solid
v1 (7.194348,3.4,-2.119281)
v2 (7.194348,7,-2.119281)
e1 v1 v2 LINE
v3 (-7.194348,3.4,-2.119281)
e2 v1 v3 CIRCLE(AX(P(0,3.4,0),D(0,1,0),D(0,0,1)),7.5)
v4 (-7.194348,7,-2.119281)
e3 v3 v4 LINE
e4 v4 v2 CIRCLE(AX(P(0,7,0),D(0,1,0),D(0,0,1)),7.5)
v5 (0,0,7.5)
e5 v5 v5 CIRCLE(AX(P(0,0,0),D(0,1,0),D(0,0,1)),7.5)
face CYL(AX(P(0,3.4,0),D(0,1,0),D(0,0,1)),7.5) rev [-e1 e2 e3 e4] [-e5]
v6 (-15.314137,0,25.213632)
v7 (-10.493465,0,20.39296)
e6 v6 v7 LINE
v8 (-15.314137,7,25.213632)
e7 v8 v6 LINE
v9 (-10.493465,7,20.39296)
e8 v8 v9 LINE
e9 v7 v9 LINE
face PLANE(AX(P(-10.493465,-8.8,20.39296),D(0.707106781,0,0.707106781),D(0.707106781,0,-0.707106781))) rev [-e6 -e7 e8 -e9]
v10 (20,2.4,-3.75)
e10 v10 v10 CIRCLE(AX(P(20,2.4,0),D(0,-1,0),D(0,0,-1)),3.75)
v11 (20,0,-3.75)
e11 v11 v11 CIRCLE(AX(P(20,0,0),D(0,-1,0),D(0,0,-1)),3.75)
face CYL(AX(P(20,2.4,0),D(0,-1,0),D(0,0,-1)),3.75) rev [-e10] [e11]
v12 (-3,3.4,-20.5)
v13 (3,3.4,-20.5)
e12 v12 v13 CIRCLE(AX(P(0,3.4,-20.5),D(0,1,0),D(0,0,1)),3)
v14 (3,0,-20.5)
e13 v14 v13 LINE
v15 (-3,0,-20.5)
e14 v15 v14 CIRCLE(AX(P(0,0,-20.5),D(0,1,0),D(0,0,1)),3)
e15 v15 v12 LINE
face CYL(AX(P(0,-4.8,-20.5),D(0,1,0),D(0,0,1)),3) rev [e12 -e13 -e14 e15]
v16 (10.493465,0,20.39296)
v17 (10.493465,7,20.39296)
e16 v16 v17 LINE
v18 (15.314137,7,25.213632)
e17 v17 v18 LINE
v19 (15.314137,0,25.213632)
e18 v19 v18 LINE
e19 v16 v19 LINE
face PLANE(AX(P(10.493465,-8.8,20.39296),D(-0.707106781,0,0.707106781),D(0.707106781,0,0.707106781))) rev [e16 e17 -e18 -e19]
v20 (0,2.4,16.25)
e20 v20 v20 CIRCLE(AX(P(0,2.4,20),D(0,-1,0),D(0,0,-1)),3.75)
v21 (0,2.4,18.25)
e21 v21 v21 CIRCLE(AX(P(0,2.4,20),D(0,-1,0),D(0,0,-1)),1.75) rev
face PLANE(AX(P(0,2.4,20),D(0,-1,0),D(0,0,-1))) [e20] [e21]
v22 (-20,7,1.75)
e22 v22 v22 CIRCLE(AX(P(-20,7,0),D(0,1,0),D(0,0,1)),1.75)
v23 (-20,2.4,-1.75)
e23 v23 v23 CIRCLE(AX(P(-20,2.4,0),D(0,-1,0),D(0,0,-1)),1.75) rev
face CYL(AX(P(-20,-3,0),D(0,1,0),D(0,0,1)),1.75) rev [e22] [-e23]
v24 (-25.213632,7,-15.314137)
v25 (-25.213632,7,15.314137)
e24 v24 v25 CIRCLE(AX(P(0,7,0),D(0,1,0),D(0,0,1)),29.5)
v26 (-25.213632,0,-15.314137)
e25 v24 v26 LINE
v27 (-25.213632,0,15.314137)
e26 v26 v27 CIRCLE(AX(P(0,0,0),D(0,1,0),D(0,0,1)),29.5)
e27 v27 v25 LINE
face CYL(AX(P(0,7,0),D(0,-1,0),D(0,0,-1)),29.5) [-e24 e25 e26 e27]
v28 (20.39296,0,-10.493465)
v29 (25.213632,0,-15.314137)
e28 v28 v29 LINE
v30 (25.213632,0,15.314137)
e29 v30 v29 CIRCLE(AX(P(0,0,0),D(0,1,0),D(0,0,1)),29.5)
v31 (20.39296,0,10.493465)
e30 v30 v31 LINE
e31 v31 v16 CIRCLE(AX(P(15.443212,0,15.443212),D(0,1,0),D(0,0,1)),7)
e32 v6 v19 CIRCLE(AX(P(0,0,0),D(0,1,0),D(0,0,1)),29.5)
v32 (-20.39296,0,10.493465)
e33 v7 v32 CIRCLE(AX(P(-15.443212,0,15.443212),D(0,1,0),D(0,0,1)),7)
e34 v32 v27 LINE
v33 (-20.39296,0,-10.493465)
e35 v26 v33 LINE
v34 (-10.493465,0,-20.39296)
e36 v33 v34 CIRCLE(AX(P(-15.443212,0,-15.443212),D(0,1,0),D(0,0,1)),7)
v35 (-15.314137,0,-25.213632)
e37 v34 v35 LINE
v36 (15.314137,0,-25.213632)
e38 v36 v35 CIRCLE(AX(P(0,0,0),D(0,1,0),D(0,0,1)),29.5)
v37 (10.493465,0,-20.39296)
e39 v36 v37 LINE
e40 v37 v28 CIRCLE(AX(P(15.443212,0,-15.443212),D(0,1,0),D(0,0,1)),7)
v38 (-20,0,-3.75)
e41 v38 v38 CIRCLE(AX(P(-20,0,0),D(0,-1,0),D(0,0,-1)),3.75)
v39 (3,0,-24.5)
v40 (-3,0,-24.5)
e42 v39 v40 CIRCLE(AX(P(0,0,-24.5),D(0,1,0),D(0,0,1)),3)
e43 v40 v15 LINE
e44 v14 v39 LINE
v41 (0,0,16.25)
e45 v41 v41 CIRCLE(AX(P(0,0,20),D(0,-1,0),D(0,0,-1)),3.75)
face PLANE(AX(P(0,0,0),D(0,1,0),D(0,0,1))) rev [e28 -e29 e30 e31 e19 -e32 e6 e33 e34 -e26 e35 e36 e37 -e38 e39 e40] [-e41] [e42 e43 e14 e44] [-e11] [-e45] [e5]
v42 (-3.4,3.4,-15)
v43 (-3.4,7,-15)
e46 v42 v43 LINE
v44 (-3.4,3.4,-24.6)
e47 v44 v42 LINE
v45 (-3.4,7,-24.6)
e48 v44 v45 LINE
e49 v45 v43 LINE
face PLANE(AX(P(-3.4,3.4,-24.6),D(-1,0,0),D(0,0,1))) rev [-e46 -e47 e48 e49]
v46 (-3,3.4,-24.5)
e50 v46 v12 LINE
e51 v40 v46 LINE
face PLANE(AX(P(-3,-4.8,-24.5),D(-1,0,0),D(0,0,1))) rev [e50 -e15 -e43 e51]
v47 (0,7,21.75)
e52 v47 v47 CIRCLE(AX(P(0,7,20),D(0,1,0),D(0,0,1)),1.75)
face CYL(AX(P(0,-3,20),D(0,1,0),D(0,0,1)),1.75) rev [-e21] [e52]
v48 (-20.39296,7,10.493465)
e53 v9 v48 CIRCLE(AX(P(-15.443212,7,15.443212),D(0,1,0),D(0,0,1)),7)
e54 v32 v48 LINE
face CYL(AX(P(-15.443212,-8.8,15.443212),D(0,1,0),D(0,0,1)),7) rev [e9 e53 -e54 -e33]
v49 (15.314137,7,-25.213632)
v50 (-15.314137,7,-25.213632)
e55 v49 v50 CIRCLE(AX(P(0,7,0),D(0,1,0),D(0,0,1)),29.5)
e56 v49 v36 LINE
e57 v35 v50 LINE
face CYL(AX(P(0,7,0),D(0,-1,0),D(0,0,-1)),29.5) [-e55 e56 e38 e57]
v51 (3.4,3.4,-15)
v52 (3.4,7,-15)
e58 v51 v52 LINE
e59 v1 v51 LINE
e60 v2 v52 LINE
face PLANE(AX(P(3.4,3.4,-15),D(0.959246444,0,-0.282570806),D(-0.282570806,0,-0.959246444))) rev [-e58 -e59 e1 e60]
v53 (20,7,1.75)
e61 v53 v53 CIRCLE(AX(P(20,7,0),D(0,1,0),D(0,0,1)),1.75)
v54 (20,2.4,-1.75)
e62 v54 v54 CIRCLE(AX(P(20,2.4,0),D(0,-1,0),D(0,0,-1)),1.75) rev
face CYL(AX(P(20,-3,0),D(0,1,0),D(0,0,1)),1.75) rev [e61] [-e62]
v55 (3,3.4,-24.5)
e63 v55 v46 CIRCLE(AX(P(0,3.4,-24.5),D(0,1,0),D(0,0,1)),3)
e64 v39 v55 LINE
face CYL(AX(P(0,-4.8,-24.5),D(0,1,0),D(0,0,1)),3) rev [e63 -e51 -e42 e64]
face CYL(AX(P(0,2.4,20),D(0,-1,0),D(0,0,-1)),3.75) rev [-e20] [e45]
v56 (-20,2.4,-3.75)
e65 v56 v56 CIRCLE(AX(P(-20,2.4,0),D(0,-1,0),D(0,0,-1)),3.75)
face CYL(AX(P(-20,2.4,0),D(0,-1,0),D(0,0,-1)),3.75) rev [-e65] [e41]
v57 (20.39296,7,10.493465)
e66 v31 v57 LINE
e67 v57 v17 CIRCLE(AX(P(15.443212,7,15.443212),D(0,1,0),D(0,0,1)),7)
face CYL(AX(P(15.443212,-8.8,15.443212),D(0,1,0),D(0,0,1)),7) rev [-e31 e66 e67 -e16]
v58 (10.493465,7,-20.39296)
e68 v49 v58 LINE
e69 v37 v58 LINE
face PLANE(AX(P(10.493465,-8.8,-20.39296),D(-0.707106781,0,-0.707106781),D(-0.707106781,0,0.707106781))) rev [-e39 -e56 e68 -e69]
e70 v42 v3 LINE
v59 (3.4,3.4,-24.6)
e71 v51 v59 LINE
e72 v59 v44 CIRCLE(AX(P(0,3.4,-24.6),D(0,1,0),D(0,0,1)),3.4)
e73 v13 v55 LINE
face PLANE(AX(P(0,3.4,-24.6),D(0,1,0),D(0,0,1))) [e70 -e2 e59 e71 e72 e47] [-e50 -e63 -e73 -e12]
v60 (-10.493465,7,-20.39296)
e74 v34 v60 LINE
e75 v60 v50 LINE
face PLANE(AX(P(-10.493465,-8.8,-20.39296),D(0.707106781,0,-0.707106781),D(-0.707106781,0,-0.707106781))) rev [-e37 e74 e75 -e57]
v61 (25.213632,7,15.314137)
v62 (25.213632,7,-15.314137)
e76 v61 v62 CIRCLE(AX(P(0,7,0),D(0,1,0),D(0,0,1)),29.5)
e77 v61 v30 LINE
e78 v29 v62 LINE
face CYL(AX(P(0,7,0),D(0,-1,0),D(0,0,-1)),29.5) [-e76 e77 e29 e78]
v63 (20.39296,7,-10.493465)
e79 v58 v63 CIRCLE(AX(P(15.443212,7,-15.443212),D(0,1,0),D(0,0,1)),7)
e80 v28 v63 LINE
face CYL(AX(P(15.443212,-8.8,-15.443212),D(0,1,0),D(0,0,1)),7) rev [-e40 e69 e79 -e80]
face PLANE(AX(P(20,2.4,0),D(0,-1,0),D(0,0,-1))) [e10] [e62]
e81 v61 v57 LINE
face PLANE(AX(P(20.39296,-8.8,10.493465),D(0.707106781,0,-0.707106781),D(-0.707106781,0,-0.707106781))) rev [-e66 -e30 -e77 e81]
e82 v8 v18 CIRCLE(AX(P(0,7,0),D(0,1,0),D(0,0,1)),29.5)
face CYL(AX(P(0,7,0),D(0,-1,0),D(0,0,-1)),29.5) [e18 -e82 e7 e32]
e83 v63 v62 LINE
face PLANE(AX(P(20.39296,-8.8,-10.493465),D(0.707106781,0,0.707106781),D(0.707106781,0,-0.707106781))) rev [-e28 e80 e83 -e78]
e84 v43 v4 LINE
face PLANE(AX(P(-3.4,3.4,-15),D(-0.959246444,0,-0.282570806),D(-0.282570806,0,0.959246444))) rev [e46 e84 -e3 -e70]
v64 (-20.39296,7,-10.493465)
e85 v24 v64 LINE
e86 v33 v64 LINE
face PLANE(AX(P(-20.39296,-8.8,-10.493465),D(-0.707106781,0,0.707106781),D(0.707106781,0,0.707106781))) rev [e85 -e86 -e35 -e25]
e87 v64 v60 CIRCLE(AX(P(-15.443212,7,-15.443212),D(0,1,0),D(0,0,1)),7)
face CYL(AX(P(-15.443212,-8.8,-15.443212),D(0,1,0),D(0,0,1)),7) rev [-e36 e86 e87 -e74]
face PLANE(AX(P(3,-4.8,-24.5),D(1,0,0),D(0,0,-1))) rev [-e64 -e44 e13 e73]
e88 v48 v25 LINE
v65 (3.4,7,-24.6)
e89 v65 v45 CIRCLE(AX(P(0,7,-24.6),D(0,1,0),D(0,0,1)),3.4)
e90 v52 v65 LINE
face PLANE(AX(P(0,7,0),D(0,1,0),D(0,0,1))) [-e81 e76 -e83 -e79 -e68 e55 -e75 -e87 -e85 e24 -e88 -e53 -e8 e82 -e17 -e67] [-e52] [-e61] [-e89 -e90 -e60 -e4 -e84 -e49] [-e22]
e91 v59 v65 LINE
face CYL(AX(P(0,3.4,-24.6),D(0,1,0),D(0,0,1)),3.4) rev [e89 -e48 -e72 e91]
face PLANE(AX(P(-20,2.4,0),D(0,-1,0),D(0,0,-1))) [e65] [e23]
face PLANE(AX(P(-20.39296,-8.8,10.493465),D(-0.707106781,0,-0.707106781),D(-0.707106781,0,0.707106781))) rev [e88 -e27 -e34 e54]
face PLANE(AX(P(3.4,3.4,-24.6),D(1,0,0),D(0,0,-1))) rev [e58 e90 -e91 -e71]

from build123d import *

# Parameters (mm, degrees)
SKETCH3_R           = 29.5
BOSS_EXTRUDE4_DEPTH = 7
CUT_EXTRUDE1_DEPTH  = 3.6
SKETCH5_R           = 7.5
CUT_EXTRUDE2_DEPTH  = 11.8
CUT_EXTRUDE3_DEPTH  = 15.8
SKETCH7_R           = 1.75
CUT_EXTRUDE4_DEPTH  = 20
SKETCH8_R           = 3.75
CUT_EXTRUDE5_DEPTH  = 2.4


with BuildPart() as part:
    # Sketch3 → Boss-Extrude4 (new body)
    with BuildSketch(Plane(origin=(0, 0, 0), x_dir=(1, 0, 0), z_dir=(0, 1, 0))):
        Circle(SKETCH3_R)
    extrude(amount=BOSS_EXTRUDE4_DEPTH)

    # Sketch4 → Cut-Extrude1 (cut)
    with BuildSketch(Plane(origin=(0, 7, 0), x_dir=(1, 0, 0), z_dir=(0, 1, 0))):
        with BuildLine():
            Line((-3.4, 24.6), (-3.4, 15))
            Line((-3.4, 15), (-7.194348327, 2.119281046))
            ThreePointArc((-7.194348327, 2.119281046), (0, -7.5), (7.194348327, 2.119281046))
            Line((7.194348327, 2.119281046), (3.4, 15))
            Line((3.4, 15), (3.4, 24.6))
            ThreePointArc((3.4, 24.6), (0, 28), (-3.4, 24.6))
        make_face()
    extrude(amount=-CUT_EXTRUDE1_DEPTH, mode=Mode.SUBTRACT)

    # Sketch5 → Cut-Extrude2 (cut)
    with BuildSketch(Plane(origin=(0, 7, 0), x_dir=(1, 0, 0), z_dir=(0, 1, 0))):
        Circle(SKETCH5_R)
        with BuildLine():
            Line((3, 24.5), (3, 20.5))
            ThreePointArc((3, 20.5), (0, 17.5), (-3, 20.5))
            Line((-3, 20.5), (-3, 24.5))
            ThreePointArc((-3, 24.5), (0, 27.5), (3, 24.5))
        make_face()
    extrude(amount=-CUT_EXTRUDE2_DEPTH, mode=Mode.SUBTRACT)

    # Sketch6 → Cut-Extrude3 (cut)
    with BuildSketch(Plane(origin=(0, 7, 0), x_dir=(1, 0, 0), z_dir=(0, 1, 0))):
        with BuildLine():
            Line((20.392959569, 10.493464633), (32.610697072, 22.711202135))
            Line((32.610697072, 22.711202135), (22.711202135, 32.610697072))
            Line((22.711202135, 32.610697072), (10.493464633, 20.392959569))
            ThreePointArc((10.493464633, 20.392959569), (10.493464633, 10.493464633), (20.392959569, 10.493464633))
        make_face()
        with BuildLine():
            Line((10.493464633, -20.392959569), (22.711202135, -32.610697072))
            Line((22.711202135, -32.610697072), (32.610697072, -22.711202135))
            Line((32.610697072, -22.711202135), (20.392959569, -10.493464633))
            ThreePointArc((20.392959569, -10.493464633), (10.493464633, -10.493464633), (10.493464633, -20.392959569))
        make_face()
        with BuildLine():
            Line((-20.392959569, -10.493464633), (-32.610697072, -22.711202135))
            Line((-32.610697072, -22.711202135), (-22.711202135, -32.610697072))
            Line((-22.711202135, -32.610697072), (-10.493464633, -20.392959569))
            ThreePointArc((-10.493464633, -20.392959569), (-10.493464633, -10.493464633), (-20.392959569, -10.493464633))
        make_face()
        with BuildLine():
            Line((-10.493464633, 20.392959569), (-22.711202135, 32.610697072))
            Line((-22.711202135, 32.610697072), (-32.610697072, 22.711202135))
            Line((-32.610697072, 22.711202135), (-20.392959569, 10.493464633))
            ThreePointArc((-20.392959569, 10.493464633), (-10.493464633, 10.493464633), (-10.493464633, 20.392959569))
        make_face()
    extrude(amount=-CUT_EXTRUDE3_DEPTH, mode=Mode.SUBTRACT)

    # Sketch7 → Cut-Extrude4 (cut)
    with BuildSketch(Plane(origin=(116.330739936, 17, -202.28312586), x_dir=(0.707106781, 0, 0.707106781), z_dir=(0, 1, 0))):
        with Locations((74.91965057, -211.151889461)):
            Circle(SKETCH7_R)
        with Locations((74.91965057, -239.436160708)):
            Circle(SKETCH7_R)
        with Locations((46.635379323, -239.436160708)):
            Circle(SKETCH7_R)
    extrude(amount=-CUT_EXTRUDE4_DEPTH, mode=Mode.SUBTRACT)

    # Sketch8 → Cut-Extrude5 (cut)
    with BuildSketch(Plane.XZ):
        with Locations((0, 20)):
            Circle(SKETCH8_R)
        with Locations((20, 0)):
            Circle(SKETCH8_R)
        with Locations((-20, 0)):
            Circle(SKETCH8_R)
    extrude(amount=-CUT_EXTRUDE5_DEPTH, mode=Mode.SUBTRACT)


solid = part.part
